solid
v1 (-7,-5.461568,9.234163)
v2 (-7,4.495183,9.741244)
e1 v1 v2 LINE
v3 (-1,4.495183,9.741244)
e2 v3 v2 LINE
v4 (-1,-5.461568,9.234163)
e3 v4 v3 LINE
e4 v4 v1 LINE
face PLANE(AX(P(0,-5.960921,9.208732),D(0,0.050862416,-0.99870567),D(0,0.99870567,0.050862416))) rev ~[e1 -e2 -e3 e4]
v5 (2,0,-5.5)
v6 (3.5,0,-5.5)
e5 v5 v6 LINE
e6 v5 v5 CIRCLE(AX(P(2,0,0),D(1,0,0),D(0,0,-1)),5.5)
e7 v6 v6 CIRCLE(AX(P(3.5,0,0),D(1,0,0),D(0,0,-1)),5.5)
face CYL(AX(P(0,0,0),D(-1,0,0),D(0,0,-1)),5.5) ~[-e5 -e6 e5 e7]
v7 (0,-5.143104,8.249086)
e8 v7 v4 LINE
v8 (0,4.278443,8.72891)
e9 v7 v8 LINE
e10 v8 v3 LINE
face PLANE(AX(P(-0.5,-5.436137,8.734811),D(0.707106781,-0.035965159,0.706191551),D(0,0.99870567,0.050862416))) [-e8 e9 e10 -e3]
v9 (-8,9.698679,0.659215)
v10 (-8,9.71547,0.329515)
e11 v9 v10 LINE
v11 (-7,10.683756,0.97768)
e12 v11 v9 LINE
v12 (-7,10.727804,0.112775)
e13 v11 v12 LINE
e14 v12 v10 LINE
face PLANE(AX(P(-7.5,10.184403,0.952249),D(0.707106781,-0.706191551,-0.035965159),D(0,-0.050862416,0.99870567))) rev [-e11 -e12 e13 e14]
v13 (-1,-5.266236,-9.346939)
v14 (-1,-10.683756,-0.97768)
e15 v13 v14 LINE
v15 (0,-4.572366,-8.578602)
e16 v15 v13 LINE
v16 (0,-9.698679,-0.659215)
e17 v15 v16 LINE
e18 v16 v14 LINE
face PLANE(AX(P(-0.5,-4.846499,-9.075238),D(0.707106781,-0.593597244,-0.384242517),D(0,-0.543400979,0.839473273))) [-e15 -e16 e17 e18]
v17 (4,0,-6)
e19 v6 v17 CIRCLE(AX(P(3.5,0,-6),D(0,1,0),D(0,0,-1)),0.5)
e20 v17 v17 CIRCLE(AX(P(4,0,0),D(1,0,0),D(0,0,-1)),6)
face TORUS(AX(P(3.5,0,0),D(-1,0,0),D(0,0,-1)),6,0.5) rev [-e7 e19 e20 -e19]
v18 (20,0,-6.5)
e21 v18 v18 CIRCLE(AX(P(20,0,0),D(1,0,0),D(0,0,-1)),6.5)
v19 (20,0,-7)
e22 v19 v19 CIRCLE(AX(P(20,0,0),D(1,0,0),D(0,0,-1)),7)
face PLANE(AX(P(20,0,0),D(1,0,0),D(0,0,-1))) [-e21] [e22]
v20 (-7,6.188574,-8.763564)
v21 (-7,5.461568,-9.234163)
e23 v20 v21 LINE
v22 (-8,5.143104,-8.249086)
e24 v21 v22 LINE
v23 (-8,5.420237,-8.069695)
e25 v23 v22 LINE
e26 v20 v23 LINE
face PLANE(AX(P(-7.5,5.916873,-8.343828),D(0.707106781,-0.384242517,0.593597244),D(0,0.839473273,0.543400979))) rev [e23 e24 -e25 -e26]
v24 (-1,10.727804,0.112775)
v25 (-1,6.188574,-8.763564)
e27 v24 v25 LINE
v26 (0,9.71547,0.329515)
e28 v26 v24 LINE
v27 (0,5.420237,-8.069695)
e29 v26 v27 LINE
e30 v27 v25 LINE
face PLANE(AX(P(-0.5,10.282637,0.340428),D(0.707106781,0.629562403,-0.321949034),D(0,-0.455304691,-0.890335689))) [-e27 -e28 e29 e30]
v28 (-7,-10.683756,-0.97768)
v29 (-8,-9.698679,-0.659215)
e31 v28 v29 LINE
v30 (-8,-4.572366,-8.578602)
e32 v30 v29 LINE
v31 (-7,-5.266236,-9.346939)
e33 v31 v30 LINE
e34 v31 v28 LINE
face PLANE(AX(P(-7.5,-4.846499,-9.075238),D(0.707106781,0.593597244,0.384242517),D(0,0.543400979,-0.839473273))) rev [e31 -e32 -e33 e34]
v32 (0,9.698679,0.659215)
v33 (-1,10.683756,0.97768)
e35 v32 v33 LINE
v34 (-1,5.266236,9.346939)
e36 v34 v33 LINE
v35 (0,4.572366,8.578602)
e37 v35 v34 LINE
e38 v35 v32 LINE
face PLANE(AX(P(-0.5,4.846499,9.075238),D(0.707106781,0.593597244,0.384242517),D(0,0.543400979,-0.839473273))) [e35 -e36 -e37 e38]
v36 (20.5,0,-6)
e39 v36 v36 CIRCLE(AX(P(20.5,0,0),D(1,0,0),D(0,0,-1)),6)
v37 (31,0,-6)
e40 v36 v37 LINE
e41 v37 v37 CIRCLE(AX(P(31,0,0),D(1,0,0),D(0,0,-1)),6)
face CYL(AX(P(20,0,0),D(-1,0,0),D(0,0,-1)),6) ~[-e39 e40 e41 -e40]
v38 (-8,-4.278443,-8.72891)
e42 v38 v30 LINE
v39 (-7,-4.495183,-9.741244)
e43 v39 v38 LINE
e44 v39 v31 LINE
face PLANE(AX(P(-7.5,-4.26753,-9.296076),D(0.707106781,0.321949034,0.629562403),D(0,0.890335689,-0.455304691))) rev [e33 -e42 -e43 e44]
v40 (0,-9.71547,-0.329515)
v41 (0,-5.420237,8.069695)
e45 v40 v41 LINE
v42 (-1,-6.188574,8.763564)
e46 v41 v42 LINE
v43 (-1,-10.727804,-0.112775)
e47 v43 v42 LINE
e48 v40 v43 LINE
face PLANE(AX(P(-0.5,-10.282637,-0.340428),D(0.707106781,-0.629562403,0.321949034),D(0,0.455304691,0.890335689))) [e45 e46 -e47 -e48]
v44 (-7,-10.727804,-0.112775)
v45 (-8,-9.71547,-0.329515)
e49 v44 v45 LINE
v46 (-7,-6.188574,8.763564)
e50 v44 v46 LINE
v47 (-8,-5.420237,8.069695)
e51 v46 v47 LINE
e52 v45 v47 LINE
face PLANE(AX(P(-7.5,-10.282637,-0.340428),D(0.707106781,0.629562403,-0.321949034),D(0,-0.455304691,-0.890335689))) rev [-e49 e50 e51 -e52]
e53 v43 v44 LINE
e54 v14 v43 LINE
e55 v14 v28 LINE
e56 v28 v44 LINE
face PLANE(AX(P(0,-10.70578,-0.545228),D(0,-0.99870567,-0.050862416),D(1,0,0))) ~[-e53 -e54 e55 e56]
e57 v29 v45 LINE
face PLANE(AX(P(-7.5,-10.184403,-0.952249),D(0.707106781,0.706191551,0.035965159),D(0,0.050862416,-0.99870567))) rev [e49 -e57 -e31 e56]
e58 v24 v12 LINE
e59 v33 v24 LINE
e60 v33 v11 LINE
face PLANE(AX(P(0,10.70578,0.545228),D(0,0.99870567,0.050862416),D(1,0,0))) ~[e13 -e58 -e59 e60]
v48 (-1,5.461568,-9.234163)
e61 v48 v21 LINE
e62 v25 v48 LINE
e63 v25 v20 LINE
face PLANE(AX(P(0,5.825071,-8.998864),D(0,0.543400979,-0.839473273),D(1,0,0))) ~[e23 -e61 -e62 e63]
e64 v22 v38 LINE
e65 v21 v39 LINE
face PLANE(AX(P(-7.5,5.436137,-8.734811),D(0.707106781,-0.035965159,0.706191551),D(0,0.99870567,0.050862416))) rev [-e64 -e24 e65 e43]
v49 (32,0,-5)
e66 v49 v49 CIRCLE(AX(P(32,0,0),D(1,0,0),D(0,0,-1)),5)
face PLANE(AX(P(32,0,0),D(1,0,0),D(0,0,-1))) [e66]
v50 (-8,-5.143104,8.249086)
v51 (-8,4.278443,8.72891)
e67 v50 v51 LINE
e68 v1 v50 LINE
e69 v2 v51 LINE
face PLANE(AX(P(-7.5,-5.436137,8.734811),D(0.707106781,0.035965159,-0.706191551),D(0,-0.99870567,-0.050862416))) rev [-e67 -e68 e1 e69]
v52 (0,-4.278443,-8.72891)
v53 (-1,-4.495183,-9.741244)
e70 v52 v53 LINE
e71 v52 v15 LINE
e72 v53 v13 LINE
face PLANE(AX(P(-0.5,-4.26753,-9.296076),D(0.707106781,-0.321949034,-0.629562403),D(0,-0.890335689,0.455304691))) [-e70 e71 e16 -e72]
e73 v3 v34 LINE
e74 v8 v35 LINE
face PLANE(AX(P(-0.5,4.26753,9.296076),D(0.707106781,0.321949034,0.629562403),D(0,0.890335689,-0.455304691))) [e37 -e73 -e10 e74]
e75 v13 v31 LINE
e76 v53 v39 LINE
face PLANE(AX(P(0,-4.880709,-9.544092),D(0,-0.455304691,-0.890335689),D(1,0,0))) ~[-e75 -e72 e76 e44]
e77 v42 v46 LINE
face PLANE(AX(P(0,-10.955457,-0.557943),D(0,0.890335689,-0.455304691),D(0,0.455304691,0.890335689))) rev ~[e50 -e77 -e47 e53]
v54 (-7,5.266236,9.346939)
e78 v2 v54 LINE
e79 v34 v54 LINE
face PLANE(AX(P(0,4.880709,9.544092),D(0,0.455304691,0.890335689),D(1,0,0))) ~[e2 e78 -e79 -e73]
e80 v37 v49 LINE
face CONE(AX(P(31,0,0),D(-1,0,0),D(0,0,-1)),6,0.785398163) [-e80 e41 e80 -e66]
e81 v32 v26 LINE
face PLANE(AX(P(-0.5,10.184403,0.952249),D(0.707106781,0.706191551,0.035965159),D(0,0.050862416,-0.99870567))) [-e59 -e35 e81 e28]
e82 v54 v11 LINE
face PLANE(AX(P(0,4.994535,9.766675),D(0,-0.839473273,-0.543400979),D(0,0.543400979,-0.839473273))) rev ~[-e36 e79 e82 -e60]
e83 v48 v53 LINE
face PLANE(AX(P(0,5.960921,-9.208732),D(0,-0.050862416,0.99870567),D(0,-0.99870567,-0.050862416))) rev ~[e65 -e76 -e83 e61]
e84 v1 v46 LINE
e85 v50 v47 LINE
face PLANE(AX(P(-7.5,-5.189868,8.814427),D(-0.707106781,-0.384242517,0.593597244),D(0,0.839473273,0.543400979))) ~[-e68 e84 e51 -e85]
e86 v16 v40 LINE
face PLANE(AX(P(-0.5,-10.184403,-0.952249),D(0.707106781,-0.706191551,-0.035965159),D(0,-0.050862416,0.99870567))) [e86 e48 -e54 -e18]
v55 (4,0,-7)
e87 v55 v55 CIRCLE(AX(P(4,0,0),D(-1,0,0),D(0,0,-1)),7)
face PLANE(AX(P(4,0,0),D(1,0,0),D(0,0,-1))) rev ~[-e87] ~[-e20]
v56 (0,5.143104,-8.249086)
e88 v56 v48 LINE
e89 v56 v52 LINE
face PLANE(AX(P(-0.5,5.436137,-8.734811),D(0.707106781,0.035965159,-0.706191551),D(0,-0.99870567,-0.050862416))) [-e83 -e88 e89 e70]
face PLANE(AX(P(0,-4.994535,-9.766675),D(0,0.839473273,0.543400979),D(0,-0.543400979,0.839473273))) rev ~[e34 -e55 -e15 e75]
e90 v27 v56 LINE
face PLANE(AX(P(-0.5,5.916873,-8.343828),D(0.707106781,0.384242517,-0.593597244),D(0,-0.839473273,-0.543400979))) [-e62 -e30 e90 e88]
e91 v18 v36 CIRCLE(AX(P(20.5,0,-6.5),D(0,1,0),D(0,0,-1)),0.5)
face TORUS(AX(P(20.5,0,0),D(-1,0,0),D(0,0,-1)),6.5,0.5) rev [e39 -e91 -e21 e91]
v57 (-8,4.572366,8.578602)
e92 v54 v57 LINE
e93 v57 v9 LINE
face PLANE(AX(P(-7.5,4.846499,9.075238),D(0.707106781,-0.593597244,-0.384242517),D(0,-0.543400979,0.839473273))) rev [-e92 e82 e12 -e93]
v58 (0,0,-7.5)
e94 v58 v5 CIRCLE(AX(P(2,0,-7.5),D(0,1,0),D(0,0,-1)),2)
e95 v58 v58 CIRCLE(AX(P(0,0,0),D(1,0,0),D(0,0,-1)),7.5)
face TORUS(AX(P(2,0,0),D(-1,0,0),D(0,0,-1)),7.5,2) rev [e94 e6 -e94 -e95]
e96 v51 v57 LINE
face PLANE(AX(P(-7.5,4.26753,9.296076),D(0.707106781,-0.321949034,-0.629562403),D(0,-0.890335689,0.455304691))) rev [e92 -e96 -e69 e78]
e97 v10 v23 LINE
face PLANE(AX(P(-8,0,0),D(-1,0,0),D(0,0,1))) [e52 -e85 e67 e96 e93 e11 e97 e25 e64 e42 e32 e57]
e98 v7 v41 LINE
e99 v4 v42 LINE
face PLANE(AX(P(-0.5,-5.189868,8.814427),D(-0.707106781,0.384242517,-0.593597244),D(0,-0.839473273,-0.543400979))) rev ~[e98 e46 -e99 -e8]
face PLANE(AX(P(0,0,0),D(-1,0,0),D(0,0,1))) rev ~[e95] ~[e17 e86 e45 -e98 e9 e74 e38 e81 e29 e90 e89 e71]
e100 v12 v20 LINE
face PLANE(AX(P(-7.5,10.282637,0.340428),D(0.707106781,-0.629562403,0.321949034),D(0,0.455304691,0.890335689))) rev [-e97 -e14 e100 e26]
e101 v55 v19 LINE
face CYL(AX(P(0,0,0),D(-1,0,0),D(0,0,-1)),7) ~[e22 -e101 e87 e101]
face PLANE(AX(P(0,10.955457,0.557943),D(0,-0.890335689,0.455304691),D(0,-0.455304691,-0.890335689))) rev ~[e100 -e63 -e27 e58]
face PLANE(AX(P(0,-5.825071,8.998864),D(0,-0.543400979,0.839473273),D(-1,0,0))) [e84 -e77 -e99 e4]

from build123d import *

# Parameters (mm, degrees)
SCHIZZO1_R          = 7
ESTRUSIONE1_DEPTH   = 20
SCHIZZO2_R          = 6
ESTRUSIONE2_DEPTH   = 12
ESTRUSIONE3_DEPTH   = 8
SCHIZZO4_OUTSIDE_W  = 31.456
SCHIZZO4_OUTSIDE_H  = 33.832
SCHIZZO4_OUTSIDE_R  = 5.5
ESTRUSIONE4_DEPTH   = 4
SMUSSO1_SIZE        = 0.5
SMUSSO1_EDGE_2_SIZE = 0.5
SMUSSO1_EDGE_3_SIZE = 0.5
SMUSSO1_EDGE_4_SIZE = 0.5
SMUSSO1_EDGE_5_SIZE = 0.5
SMUSSO1_EDGE_6_SIZE = 0.5
SMUSSO2_SIZE        = 1
RACCORDO1_R         = 2
RACCORDO2_R         = 0.5
SMUSSO3_SIZE        = 1


with BuildPart() as part:
    # Schizzo1 → Estrusione1 (new body)
    with BuildSketch(Plane(origin=(0, 0, 0), x_dir=(0, 0, -1), z_dir=(1, 0, 0))):
        Circle(SCHIZZO1_R)
    extrude(amount=ESTRUSIONE1_DEPTH)

    # Schizzo2 → Estrusione2 (add)
    with BuildSketch(Plane(origin=(20, 0, 0), x_dir=(0, 0, -1), z_dir=(1, 0, 0))):
        Circle(SCHIZZO2_R)
    extrude(amount=ESTRUSIONE2_DEPTH)

    # Schizzo3 → Estrusione3 (add)
    with BuildSketch(Plane.ZY):
        Polygon((9.208732283, -5.960921327), (9.766675441, 4.99453543), (0.557943158, 10.955456758), (-9.208732283, 5.960921327), (-9.766675441, -4.99453543), (-0.557943158, -10.955456758), align=None)
    extrude(amount=ESTRUSIONE3_DEPTH)

    # Schizzo4 outside → Estrusione4 (cut)
    with BuildSketch(Plane(origin=(0, 0, 0), x_dir=(0, 0, -1), z_dir=(1, 0, 0))):
        Rectangle(SCHIZZO4_OUTSIDE_W, SCHIZZO4_OUTSIDE_H)
        Circle(SCHIZZO4_OUTSIDE_R, mode=Mode.SUBTRACT)
    extrude(amount=ESTRUSIONE4_DEPTH, mode=Mode.SUBTRACT)

    # Smusso1
    smusso1_edges = [part.edges().sort_by_distance(p)[0] for p in [
        (-4, -5.960921327, 9.208732283),
    ]]
    chamfer(smusso1_edges, length=SMUSSO1_SIZE)

    # Smusso1 edge 2
    smusso1_edge_2_edges = [part.edges().sort_by_distance(p)[0] for p in [
        (-4, 4.99453543, 9.766675441),
    ]]
    chamfer(smusso1_edge_2_edges, length=SMUSSO1_EDGE_2_SIZE)

    # Smusso1 edge 3
    smusso1_edge_3_edges = [part.edges().sort_by_distance(p)[0] for p in [
        (-4, 10.955456758, 0.557943158),
    ]]
    chamfer(smusso1_edge_3_edges, length=SMUSSO1_EDGE_3_SIZE)

    # Smusso1 edge 4
    smusso1_edge_4_edges = [part.edges().sort_by_distance(p)[0] for p in [
        (-4, 5.960921327, -9.208732283),
    ]]
    chamfer(smusso1_edge_4_edges, length=SMUSSO1_EDGE_4_SIZE)

    # Smusso1 edge 5
    smusso1_edge_5_edges = [part.edges().sort_by_distance(p)[0] for p in [
        (-4, -4.99453543, -9.766675441),
    ]]
    chamfer(smusso1_edge_5_edges, length=SMUSSO1_EDGE_5_SIZE)

    # Smusso1 edge 6
    smusso1_edge_6_edges = [part.edges().sort_by_distance(p)[0] for p in [
        (-4, -10.955456758, -0.557943158),
    ]]
    chamfer(smusso1_edge_6_edges, length=SMUSSO1_EDGE_6_SIZE)

    # Smusso2
    smusso2_edges = [part.edges().sort_by_distance(p)[0] for p in [
        (0, -8.458189042, 4.325394563),
        (-8, -8.458189042, 4.325394563),
        (0, -7.974996094, -5.162309299),
        (0, 0.483192949, -9.487703862),
        (0, 8.458189042, -4.325394563),
        (0, 7.974996094, 5.162309299),
        (0, -0.483192949, 9.487703862),
        (0, 4.880709257, 9.544091519),
        (0, -5.825071083, 8.998863965),
        (0, 10.70578034, 0.545227554),
        (0, 5.825071083, -8.998863965),
        (0, -4.880709257, -9.544091519),
        (0, -10.70578034, -0.545227554),
        (-8, -7.974996094, -5.162309299),
        (-8, -0.483192949, 9.487703862),
        (-8, 7.974996094, 5.162309299),
        (-8, 8.458189042, -4.325394563),
        (-8, 0.483192949, -9.487703862),
        (-8, 4.880709257, 9.544091519),
        (-8, -5.825071083, 8.998863965),
        (-8, 10.70578034, 0.545227554),
        (-8, 5.825071083, -8.998863965),
        (-8, -4.880709257, -9.544091519),
        (-8, -10.70578034, -0.545227554),
    ]]
    chamfer(smusso2_edges, length=SMUSSO2_SIZE)

    # Raccordo1
    raccordo1_edges = [part.edges().sort_by_distance(p)[0] for p in [
        (0, 0, 5.5),
    ]]
    fillet(raccordo1_edges, radius=RACCORDO1_R)

    # Raccordo2
    raccordo2_edges = [part.edges().sort_by_distance(p)[0] for p in [
        (4, 0, 5.5),
        (20, 0, 6),
    ]]
    fillet(raccordo2_edges, radius=RACCORDO2_R)

    # Smusso3
    smusso3_edges = [part.edges().sort_by_distance(p)[0] for p in [
        (32, 0, 6),
    ]]
    chamfer(smusso3_edges, length=SMUSSO3_SIZE)


solid = part.part
